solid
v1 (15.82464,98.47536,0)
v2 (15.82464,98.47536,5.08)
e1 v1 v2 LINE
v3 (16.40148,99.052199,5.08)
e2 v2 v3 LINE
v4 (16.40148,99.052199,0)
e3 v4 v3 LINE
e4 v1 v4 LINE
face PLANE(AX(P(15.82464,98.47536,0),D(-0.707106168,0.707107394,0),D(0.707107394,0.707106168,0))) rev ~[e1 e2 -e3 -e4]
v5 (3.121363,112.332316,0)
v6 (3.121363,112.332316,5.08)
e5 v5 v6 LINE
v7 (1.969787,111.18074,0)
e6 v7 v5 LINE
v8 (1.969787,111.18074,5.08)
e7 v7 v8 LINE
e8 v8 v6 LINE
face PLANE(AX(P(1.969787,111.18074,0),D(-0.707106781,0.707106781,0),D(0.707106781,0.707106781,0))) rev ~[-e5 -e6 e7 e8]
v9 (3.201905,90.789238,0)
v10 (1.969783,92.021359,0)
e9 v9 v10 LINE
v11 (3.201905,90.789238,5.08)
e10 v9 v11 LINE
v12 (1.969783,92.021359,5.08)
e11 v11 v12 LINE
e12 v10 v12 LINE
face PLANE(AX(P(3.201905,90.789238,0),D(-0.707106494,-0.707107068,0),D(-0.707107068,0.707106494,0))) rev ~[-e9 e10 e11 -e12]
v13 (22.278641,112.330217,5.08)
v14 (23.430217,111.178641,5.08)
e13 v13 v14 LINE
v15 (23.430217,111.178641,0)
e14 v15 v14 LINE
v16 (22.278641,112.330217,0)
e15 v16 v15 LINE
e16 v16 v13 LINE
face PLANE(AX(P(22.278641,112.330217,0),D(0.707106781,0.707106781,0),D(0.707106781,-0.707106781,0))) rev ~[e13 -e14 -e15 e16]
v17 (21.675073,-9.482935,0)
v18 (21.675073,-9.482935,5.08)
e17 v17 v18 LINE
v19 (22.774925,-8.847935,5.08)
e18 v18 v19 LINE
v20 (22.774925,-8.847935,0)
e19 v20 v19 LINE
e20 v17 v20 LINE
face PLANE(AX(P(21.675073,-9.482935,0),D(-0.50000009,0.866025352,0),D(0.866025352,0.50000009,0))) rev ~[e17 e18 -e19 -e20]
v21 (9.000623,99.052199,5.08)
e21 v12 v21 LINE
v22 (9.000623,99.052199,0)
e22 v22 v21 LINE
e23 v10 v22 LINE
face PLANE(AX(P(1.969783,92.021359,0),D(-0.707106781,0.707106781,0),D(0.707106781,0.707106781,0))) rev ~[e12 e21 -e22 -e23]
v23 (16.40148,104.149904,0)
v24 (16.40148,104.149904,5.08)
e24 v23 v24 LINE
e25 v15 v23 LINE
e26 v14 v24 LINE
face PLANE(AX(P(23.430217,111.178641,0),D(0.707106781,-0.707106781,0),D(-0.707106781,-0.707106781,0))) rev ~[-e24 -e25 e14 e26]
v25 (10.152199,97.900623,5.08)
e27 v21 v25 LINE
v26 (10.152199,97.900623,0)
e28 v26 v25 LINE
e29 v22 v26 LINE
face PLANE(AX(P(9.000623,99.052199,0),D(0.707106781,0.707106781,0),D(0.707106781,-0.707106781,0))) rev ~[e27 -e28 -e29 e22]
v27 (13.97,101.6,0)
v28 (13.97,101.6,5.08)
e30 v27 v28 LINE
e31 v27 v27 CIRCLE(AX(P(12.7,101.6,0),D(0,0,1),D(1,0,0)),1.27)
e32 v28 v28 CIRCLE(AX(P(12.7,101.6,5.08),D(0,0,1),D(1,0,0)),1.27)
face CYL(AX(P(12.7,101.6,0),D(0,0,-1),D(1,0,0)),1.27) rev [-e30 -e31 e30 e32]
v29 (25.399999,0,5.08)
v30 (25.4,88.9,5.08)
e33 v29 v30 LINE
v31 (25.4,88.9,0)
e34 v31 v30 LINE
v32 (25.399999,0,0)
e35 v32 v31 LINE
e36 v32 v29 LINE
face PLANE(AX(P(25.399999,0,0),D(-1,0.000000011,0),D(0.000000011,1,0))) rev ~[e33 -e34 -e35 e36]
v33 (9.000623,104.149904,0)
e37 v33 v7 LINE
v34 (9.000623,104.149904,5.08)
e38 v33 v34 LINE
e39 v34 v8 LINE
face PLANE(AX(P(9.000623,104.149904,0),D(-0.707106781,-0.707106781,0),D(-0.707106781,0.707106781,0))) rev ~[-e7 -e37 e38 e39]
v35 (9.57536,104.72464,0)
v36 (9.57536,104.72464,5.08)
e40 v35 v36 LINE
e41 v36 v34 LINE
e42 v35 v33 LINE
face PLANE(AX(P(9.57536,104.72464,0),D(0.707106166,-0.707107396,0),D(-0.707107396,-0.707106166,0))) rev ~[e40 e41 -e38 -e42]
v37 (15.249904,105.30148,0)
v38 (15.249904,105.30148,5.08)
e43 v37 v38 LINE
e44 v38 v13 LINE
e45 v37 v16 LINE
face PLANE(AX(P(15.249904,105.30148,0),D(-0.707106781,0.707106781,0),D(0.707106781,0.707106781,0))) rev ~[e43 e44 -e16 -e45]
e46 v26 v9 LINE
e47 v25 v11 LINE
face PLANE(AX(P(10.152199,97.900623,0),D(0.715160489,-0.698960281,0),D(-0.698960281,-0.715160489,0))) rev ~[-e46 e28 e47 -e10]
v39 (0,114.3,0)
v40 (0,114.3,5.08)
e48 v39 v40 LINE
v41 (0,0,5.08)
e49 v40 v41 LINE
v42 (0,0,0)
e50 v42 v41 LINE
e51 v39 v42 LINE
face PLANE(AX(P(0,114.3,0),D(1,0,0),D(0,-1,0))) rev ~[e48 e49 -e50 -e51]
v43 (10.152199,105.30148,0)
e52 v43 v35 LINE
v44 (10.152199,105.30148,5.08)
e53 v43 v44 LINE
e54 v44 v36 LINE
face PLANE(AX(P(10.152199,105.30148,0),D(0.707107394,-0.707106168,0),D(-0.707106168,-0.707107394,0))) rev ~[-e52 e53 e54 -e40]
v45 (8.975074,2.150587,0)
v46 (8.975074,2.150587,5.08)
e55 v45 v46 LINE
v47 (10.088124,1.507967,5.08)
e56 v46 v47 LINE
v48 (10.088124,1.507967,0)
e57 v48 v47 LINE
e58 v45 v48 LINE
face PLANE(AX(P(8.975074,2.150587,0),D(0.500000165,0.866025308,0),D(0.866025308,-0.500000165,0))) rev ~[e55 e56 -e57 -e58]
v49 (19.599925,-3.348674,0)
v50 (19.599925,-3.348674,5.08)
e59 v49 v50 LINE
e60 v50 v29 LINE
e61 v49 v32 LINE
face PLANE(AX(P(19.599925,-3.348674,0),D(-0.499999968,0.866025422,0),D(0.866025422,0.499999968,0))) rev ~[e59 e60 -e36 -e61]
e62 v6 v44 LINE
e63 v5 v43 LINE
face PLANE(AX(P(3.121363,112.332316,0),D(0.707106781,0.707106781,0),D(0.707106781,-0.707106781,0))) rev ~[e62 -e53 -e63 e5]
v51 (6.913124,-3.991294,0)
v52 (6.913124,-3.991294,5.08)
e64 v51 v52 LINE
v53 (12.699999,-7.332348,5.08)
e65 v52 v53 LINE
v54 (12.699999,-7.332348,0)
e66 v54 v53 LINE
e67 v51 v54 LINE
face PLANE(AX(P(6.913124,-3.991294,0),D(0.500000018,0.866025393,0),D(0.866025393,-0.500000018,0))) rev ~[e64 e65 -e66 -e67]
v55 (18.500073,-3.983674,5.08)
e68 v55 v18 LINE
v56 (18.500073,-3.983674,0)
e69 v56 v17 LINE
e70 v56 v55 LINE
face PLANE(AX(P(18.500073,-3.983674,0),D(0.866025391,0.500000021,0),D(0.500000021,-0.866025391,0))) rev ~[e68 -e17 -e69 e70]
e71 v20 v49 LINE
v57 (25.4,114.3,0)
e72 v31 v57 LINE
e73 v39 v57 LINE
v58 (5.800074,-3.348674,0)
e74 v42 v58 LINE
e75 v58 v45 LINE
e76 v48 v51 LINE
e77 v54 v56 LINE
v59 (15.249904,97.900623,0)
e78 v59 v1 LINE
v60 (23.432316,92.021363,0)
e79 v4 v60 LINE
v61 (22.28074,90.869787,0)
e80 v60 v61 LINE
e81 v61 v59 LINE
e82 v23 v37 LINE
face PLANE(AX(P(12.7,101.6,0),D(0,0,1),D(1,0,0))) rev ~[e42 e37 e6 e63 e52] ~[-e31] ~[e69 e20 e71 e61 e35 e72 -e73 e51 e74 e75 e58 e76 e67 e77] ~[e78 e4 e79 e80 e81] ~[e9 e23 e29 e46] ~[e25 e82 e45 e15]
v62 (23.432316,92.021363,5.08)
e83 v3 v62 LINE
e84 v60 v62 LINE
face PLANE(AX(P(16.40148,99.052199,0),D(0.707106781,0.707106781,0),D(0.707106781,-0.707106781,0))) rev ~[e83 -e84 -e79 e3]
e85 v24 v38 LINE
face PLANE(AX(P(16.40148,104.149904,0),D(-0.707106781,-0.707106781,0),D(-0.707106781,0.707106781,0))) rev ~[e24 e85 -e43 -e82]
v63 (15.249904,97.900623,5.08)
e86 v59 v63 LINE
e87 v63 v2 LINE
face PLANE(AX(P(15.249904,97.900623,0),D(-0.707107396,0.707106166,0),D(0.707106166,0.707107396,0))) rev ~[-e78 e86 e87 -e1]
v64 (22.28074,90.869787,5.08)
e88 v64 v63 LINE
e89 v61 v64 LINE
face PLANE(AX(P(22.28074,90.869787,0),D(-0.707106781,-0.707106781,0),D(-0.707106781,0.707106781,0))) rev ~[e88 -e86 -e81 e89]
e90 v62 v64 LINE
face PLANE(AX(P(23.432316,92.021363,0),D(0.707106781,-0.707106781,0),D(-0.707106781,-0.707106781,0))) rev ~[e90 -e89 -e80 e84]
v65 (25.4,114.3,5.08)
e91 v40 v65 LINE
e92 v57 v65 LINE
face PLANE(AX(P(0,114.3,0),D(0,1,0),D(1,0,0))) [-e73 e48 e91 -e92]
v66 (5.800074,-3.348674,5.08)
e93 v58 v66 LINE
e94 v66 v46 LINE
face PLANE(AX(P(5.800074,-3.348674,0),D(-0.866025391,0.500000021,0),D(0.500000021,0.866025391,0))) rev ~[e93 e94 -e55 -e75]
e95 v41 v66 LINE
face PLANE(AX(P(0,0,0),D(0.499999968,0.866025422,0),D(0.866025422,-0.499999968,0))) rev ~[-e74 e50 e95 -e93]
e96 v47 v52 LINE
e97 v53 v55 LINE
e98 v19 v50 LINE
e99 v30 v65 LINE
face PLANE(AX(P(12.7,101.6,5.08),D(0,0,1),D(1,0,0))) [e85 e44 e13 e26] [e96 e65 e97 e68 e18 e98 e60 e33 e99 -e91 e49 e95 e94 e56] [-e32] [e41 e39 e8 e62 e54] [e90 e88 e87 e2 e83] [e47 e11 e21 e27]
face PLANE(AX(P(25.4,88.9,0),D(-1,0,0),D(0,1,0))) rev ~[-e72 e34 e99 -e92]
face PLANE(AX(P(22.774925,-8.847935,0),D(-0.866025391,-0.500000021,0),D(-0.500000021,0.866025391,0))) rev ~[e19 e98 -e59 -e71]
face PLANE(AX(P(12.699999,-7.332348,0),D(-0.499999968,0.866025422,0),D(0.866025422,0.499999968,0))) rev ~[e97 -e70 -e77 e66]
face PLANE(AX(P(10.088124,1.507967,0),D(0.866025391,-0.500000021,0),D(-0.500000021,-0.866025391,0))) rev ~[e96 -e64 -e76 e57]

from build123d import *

# Parameters (mm, degrees)
F0_W     = 25.4
F0_H     = 25.4
F0_R     = 1.27
F1_DEPTH = 5.08


with BuildPart() as f1:
    # F0 (on Top) → F1 (new body)
    with BuildSketch(Plane.XY):
        with Locations((12.7, 101.6)):
            Rectangle(F0_W, F0_H)
        Polygon((10.152199, 97.900623), (3.201905, 90.789238), (1.969783, 92.021359), (9.000623, 99.052199), align=None, mode=Mode.SUBTRACT)
        Polygon((9.000623, 104.149904), (1.969787, 111.18074), (3.121363, 112.332316), (10.152199, 105.30148), (9.57536, 104.72464), align=None, mode=Mode.SUBTRACT)
        with Locations((12.7, 101.6)):
            Circle(F0_R, mode=Mode.SUBTRACT)
        Polygon((16.40148, 99.052199), (23.432316, 92.021363), (22.28074, 90.869787), (15.249904, 97.900623), (15.82464, 98.47536), align=None, mode=Mode.SUBTRACT)
        Polygon((15.249904, 105.30148), (22.278641, 112.330217), (23.430217, 111.178641), (16.40148, 104.149904), align=None, mode=Mode.SUBTRACT)
        Polygon((25.4, 88.9), (0, 88.9), (0, 0), (5.800074, -3.348674), (8.975074, 2.150587), (9.531599, 1.829277), (10.088124, 1.507967), (6.913124, -3.991294), (12.699999, -7.332348), (18.500073, -3.983674), (21.675073, -9.482935), (22.224999, -9.165435), (22.774925, -8.847935), (19.599925, -3.348674), (25.399999, 0), align=None)
    extrude(amount=F1_DEPTH)


solid = f1.part
